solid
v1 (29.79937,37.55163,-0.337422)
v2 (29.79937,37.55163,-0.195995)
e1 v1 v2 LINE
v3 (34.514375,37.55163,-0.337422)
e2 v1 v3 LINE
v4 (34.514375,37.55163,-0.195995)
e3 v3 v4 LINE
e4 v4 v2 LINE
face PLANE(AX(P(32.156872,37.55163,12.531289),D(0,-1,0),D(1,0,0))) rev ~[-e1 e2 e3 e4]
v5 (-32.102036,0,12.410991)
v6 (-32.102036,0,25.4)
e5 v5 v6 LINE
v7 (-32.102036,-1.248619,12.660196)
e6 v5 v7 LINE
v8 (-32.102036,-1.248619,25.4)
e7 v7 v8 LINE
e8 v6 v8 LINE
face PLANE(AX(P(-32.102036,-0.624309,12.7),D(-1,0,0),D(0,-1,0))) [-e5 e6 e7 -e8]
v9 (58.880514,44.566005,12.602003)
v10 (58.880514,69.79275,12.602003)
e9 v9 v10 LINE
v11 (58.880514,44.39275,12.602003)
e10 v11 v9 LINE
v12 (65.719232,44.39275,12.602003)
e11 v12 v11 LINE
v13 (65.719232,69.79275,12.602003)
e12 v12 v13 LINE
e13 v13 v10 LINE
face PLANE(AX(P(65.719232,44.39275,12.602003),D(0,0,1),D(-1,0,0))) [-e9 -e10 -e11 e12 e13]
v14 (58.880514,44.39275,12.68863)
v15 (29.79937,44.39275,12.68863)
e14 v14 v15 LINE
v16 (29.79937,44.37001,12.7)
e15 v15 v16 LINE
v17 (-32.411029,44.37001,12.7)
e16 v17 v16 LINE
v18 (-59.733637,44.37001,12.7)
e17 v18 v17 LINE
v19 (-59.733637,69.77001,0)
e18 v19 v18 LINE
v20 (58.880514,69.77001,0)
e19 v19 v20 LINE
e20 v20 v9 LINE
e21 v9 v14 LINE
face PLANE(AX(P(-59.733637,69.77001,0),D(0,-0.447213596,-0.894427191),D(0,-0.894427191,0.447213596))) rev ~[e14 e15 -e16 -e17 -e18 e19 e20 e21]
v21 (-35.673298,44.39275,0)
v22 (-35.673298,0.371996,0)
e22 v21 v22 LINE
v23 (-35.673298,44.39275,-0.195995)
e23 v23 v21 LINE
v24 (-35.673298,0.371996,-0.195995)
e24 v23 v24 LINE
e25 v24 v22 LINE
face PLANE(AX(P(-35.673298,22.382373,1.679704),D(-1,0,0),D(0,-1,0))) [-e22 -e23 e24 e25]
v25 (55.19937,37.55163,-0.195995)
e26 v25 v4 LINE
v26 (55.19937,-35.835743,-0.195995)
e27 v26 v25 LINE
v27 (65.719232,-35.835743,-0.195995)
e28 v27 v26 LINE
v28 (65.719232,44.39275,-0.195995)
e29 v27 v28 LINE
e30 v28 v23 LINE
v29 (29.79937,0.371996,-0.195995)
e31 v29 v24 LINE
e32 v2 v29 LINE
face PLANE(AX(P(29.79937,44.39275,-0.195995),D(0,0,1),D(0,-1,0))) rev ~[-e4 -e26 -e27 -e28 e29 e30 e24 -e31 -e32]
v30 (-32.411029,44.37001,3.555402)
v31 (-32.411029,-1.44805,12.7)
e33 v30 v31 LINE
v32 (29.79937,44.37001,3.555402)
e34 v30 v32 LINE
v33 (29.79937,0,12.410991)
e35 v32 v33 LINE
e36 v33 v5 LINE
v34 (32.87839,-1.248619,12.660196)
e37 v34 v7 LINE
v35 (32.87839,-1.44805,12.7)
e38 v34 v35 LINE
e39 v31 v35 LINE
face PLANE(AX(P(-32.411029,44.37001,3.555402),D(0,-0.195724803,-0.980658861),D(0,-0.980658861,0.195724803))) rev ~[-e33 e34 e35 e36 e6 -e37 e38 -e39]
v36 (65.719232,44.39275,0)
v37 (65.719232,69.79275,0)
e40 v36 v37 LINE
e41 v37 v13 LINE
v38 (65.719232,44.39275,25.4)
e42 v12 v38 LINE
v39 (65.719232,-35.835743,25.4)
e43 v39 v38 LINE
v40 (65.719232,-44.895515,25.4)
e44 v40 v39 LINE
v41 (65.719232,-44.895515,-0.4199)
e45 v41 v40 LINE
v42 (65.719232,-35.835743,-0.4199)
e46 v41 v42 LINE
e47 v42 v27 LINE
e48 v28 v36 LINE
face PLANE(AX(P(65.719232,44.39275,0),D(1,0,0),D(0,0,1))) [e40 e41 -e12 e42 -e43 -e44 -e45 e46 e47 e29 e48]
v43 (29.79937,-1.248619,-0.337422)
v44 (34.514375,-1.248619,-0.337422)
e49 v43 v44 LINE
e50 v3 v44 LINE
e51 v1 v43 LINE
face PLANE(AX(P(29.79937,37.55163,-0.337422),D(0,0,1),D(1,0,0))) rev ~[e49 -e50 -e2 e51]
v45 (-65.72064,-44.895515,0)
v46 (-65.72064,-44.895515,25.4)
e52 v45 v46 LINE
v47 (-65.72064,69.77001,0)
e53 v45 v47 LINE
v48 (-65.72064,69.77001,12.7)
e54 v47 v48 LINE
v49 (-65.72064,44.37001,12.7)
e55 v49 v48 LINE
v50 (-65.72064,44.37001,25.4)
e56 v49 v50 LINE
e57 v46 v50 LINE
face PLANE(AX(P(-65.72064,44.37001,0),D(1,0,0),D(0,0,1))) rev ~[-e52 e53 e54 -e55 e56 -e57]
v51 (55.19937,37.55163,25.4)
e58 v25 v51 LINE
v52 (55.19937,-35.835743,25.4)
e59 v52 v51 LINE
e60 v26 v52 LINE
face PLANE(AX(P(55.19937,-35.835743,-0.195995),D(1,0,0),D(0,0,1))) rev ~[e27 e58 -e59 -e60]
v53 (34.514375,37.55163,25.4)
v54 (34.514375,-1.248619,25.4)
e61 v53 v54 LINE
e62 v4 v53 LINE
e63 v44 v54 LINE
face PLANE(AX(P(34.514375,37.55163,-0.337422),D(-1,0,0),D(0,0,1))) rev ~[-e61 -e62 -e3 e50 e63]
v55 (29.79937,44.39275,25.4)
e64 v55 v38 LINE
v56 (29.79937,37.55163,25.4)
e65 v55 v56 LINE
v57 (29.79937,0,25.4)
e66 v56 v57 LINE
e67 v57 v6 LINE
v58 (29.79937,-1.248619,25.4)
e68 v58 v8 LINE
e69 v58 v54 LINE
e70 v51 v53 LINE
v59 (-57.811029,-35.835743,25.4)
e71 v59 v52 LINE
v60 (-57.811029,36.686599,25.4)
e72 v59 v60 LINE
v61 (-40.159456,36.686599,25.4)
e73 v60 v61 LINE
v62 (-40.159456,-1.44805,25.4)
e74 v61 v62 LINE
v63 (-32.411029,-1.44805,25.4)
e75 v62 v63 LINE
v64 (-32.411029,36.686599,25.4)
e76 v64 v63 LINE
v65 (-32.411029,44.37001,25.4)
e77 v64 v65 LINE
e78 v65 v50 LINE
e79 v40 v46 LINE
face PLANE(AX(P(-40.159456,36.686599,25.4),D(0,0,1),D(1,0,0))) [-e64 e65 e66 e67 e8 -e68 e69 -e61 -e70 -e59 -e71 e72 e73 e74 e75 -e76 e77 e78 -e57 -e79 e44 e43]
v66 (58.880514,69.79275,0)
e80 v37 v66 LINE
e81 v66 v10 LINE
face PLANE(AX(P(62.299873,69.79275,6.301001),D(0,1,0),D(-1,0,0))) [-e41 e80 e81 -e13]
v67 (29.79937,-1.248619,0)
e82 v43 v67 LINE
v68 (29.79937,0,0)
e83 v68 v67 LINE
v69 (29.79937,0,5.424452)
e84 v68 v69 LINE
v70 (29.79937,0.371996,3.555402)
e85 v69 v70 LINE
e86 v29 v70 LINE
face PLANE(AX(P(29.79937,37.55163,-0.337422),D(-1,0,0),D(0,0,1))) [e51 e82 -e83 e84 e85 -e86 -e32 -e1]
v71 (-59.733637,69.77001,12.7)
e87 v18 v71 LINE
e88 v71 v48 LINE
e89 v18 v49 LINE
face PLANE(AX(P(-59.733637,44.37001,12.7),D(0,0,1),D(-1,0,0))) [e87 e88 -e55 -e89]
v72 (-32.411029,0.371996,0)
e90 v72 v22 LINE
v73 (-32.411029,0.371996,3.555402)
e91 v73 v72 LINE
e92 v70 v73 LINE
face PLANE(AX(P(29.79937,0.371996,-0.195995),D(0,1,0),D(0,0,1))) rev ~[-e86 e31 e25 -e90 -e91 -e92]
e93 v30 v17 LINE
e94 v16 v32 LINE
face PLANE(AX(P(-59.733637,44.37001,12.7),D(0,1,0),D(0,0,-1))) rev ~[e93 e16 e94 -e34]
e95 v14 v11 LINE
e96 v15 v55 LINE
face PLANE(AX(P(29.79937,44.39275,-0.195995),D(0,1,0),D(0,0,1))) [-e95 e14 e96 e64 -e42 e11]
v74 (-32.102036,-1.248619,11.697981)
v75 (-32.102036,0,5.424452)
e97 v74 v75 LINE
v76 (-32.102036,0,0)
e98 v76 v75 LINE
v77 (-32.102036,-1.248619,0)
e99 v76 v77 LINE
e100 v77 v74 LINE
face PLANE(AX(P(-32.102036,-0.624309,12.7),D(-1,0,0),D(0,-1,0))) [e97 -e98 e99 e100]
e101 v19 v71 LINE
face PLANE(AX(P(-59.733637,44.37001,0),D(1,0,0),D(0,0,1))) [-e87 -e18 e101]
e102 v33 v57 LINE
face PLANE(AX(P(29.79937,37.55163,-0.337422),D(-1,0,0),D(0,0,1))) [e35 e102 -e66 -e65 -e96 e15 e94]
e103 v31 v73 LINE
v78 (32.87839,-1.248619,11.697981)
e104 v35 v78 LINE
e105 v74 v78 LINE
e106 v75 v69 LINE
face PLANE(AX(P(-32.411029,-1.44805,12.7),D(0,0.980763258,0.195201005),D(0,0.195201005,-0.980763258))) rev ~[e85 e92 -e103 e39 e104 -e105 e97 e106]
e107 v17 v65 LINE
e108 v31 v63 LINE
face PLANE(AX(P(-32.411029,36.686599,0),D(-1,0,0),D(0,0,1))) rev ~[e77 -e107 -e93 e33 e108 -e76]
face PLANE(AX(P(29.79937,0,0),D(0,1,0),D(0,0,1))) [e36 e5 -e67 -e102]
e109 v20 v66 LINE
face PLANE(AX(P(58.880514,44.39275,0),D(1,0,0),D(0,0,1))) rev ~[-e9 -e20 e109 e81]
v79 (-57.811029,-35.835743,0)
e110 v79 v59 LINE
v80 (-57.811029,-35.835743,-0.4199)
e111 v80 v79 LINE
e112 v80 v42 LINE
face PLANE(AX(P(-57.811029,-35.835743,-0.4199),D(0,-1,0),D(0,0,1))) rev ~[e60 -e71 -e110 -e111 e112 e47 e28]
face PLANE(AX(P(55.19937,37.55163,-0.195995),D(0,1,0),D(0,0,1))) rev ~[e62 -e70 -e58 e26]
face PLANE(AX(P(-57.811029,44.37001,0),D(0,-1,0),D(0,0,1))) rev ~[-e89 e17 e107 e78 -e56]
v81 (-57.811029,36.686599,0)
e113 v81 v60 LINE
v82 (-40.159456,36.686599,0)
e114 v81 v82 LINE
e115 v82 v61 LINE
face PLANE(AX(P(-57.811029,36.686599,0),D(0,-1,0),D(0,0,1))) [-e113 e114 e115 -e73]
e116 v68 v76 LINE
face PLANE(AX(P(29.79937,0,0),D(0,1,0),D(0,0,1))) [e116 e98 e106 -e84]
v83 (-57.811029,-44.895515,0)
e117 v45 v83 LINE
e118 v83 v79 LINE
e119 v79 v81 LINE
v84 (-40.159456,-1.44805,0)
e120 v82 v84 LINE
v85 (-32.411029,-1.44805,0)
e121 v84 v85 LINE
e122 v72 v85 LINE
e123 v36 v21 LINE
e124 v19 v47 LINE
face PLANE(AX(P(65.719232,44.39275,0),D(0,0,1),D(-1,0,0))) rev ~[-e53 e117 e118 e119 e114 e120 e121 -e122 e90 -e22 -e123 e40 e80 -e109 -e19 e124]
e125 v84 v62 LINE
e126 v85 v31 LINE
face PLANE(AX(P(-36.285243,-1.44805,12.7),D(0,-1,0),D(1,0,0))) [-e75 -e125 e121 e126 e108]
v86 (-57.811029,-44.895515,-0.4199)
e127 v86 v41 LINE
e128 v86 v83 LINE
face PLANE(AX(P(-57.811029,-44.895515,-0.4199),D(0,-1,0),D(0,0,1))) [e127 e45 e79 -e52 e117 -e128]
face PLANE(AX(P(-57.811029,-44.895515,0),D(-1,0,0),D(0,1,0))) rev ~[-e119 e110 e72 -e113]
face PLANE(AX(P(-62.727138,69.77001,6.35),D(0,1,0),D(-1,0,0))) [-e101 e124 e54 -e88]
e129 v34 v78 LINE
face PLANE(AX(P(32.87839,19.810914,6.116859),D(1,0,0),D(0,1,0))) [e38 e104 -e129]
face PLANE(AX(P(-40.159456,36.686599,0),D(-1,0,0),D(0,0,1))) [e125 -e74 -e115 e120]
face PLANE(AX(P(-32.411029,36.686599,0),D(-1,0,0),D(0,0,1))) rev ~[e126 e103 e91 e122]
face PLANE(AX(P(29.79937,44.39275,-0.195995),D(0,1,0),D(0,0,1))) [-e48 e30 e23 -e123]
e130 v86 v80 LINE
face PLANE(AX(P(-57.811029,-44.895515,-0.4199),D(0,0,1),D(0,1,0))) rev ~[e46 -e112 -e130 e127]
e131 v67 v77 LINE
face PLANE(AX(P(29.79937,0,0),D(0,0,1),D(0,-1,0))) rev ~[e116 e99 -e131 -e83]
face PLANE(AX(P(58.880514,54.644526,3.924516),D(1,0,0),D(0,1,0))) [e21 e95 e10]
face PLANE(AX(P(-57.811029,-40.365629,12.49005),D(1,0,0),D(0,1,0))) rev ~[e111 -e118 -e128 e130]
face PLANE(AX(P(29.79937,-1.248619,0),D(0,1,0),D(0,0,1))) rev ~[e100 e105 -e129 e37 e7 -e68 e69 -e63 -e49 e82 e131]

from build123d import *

# Parameters (mm, degrees)
F0_W      = 7.9096108675
F0_H      = 89.265525341
F1_DEPTH  = 25.4
F2_W      = 9.0597718954
F2_H      = 25.8198998213
F3_DEPTH  = 123.5302612185
F4_W      = 10.519862175
F4_H      = 25.5959949732
F5_DEPTH  = 80.2284926176
F6_W      = 6.8411193788
F6_H      = 25.5959949732
F7_DEPTH  = 25.4
F8_W      = 7.6834112406
F8_H      = 25.4
F9_DEPTH  = 25.4
F10_W     = 4.7150052428
F10_H     = 25.7374218941
F11_DEPTH = 38.8002488762
F12_W     = 1.2486185879
F12_H     = 25.4
F13_DEPTH = 61.9014054537
F14_W     = 7.7484271765
F14_H     = 25.4
F15_DEPTH = 38.1346493959
F16_W     = 44.0207533538
F16_H     = 3.7513971329
F17_DEPTH = 65.4726680368
F19_DEPTH = 65.2894191444
F20_W     = 5.9870034456
F20_H     = 12.7
F21_DEPTH = 25.4
F23_DEPTH = 118.6141502112
F24_W     = 6.8387184292
F24_H     = 12.6020025134
F25_DEPTH = 25.4


with BuildPart() as f1:
    # F0 (on Top) → F1 (new body)
    with BuildSketch(Plane.XY):
        with Locations((-61.7658346891, -0.2627521753)):
            Rectangle(F0_W, F0_H)
    extrude(amount=F1_DEPTH)

    # F2 (on face) → F3 (join)
    with BuildSketch(Plane.YZ.offset(-57.8110292554)):
        with Locations((-40.3656288981, 12.4900500894)):
            Rectangle(F2_W, F2_H)
    extrude(amount=F3_DEPTH)

    # F4 (on face) → F5 (join)
    with BuildSketch(Plane(origin=(0, -35.8357429504, 0), x_dir=(-1, 0, 0), z_dir=(0, 1, 0))):
        with Locations((-60.4593008757, 12.6020025134)):
            Rectangle(F4_W, F4_H)
    extrude(amount=F5_DEPTH)

    # F6 (on face) → F7 (join)
    with BuildSketch(Plane(origin=(55.1993697882, 0, 0), x_dir=(0, -1, 0), z_dir=(-1, 0, 0))):
        with Locations((-40.9721899778, 12.6020025134)):
            Rectangle(F6_W, F6_H)
    extrude(amount=F7_DEPTH)

    # F8 (on face) → F9 (join)
    with BuildSketch(Plane.YZ.offset(-57.8110292554)):
        with Locations((40.5283048749, 12.7)):
            Rectangle(F8_W, F8_H)
    extrude(amount=F9_DEPTH)

    # F10 (on face) → F11 (join)
    with BuildSketch(Plane.XZ.offset(-37.5516302884)):
        with Locations((32.1568724096, 12.531289053)):
            Rectangle(F10_W, F10_H)
    extrude(amount=F11_DEPTH)

    # F12 (on face) → F13 (join)
    with BuildSketch(Plane(origin=(29.7993697882, 0, 0), x_dir=(0, -1, 0), z_dir=(-1, 0, 0))):
        with Locations((0.6243092939, 12.7)):
            Rectangle(F12_W, F12_H)
    extrude(amount=F13_DEPTH)

    # F14 (on face) → F15 (join)
    with BuildSketch(Plane.XZ.offset(-36.6865992546)):
        with Locations((-36.2852428436, 12.7)):
            Rectangle(F14_W, F14_H)
    extrude(amount=F15_DEPTH)

    # F16 (on face) → F17 (join)
    with BuildSketch(Plane(origin=(29.7993697882, 0, 0), x_dir=(0, -1, 0), z_dir=(-1, 0, 0))):
        with Locations((-22.3823729903, 1.6797035933)):
            Rectangle(F16_W, F16_H)
    extrude(amount=F17_DEPTH)

    # F18 (on face) → F19 (join)
    with BuildSketch(Plane.YZ.offset(-32.4110292554)):
        Polygon((44.3700104952, 3.5554021597), (-1.4480501413, 12.7), (0.3719963133, 3.5554021597), align=None)
    extrude(amount=F19_DEPTH)

    # F20 (on face) → F21 (join)
    with BuildSketch(Plane(origin=(0, 44.3700104952, 0), x_dir=(-1, 0, 0), z_dir=(0, 1, 0))):
        with Locations((62.7271384001, 6.35)):
            Rectangle(F20_W, F20_H)
    extrude(amount=F21_DEPTH)

    # F22 (on face) → F23 (join)
    with BuildSketch(Plane.YZ.offset(-59.7336366773)):
        Polygon((69.7700104952, 0), (44.3700104952, 12.7), (44.3700104952, 0), align=None)
    extrude(amount=F23_DEPTH)

    # F24 (on face) → F25 (join)
    with BuildSketch(Plane(origin=(0, 44.3927496672, 0), x_dir=(-1, 0, 0), z_dir=(0, 1, 0))):
        with Locations((-62.2998727486, 6.3010012567)):
            Rectangle(F24_W, F24_H)
    extrude(amount=F25_DEPTH)


solid = f1.part
